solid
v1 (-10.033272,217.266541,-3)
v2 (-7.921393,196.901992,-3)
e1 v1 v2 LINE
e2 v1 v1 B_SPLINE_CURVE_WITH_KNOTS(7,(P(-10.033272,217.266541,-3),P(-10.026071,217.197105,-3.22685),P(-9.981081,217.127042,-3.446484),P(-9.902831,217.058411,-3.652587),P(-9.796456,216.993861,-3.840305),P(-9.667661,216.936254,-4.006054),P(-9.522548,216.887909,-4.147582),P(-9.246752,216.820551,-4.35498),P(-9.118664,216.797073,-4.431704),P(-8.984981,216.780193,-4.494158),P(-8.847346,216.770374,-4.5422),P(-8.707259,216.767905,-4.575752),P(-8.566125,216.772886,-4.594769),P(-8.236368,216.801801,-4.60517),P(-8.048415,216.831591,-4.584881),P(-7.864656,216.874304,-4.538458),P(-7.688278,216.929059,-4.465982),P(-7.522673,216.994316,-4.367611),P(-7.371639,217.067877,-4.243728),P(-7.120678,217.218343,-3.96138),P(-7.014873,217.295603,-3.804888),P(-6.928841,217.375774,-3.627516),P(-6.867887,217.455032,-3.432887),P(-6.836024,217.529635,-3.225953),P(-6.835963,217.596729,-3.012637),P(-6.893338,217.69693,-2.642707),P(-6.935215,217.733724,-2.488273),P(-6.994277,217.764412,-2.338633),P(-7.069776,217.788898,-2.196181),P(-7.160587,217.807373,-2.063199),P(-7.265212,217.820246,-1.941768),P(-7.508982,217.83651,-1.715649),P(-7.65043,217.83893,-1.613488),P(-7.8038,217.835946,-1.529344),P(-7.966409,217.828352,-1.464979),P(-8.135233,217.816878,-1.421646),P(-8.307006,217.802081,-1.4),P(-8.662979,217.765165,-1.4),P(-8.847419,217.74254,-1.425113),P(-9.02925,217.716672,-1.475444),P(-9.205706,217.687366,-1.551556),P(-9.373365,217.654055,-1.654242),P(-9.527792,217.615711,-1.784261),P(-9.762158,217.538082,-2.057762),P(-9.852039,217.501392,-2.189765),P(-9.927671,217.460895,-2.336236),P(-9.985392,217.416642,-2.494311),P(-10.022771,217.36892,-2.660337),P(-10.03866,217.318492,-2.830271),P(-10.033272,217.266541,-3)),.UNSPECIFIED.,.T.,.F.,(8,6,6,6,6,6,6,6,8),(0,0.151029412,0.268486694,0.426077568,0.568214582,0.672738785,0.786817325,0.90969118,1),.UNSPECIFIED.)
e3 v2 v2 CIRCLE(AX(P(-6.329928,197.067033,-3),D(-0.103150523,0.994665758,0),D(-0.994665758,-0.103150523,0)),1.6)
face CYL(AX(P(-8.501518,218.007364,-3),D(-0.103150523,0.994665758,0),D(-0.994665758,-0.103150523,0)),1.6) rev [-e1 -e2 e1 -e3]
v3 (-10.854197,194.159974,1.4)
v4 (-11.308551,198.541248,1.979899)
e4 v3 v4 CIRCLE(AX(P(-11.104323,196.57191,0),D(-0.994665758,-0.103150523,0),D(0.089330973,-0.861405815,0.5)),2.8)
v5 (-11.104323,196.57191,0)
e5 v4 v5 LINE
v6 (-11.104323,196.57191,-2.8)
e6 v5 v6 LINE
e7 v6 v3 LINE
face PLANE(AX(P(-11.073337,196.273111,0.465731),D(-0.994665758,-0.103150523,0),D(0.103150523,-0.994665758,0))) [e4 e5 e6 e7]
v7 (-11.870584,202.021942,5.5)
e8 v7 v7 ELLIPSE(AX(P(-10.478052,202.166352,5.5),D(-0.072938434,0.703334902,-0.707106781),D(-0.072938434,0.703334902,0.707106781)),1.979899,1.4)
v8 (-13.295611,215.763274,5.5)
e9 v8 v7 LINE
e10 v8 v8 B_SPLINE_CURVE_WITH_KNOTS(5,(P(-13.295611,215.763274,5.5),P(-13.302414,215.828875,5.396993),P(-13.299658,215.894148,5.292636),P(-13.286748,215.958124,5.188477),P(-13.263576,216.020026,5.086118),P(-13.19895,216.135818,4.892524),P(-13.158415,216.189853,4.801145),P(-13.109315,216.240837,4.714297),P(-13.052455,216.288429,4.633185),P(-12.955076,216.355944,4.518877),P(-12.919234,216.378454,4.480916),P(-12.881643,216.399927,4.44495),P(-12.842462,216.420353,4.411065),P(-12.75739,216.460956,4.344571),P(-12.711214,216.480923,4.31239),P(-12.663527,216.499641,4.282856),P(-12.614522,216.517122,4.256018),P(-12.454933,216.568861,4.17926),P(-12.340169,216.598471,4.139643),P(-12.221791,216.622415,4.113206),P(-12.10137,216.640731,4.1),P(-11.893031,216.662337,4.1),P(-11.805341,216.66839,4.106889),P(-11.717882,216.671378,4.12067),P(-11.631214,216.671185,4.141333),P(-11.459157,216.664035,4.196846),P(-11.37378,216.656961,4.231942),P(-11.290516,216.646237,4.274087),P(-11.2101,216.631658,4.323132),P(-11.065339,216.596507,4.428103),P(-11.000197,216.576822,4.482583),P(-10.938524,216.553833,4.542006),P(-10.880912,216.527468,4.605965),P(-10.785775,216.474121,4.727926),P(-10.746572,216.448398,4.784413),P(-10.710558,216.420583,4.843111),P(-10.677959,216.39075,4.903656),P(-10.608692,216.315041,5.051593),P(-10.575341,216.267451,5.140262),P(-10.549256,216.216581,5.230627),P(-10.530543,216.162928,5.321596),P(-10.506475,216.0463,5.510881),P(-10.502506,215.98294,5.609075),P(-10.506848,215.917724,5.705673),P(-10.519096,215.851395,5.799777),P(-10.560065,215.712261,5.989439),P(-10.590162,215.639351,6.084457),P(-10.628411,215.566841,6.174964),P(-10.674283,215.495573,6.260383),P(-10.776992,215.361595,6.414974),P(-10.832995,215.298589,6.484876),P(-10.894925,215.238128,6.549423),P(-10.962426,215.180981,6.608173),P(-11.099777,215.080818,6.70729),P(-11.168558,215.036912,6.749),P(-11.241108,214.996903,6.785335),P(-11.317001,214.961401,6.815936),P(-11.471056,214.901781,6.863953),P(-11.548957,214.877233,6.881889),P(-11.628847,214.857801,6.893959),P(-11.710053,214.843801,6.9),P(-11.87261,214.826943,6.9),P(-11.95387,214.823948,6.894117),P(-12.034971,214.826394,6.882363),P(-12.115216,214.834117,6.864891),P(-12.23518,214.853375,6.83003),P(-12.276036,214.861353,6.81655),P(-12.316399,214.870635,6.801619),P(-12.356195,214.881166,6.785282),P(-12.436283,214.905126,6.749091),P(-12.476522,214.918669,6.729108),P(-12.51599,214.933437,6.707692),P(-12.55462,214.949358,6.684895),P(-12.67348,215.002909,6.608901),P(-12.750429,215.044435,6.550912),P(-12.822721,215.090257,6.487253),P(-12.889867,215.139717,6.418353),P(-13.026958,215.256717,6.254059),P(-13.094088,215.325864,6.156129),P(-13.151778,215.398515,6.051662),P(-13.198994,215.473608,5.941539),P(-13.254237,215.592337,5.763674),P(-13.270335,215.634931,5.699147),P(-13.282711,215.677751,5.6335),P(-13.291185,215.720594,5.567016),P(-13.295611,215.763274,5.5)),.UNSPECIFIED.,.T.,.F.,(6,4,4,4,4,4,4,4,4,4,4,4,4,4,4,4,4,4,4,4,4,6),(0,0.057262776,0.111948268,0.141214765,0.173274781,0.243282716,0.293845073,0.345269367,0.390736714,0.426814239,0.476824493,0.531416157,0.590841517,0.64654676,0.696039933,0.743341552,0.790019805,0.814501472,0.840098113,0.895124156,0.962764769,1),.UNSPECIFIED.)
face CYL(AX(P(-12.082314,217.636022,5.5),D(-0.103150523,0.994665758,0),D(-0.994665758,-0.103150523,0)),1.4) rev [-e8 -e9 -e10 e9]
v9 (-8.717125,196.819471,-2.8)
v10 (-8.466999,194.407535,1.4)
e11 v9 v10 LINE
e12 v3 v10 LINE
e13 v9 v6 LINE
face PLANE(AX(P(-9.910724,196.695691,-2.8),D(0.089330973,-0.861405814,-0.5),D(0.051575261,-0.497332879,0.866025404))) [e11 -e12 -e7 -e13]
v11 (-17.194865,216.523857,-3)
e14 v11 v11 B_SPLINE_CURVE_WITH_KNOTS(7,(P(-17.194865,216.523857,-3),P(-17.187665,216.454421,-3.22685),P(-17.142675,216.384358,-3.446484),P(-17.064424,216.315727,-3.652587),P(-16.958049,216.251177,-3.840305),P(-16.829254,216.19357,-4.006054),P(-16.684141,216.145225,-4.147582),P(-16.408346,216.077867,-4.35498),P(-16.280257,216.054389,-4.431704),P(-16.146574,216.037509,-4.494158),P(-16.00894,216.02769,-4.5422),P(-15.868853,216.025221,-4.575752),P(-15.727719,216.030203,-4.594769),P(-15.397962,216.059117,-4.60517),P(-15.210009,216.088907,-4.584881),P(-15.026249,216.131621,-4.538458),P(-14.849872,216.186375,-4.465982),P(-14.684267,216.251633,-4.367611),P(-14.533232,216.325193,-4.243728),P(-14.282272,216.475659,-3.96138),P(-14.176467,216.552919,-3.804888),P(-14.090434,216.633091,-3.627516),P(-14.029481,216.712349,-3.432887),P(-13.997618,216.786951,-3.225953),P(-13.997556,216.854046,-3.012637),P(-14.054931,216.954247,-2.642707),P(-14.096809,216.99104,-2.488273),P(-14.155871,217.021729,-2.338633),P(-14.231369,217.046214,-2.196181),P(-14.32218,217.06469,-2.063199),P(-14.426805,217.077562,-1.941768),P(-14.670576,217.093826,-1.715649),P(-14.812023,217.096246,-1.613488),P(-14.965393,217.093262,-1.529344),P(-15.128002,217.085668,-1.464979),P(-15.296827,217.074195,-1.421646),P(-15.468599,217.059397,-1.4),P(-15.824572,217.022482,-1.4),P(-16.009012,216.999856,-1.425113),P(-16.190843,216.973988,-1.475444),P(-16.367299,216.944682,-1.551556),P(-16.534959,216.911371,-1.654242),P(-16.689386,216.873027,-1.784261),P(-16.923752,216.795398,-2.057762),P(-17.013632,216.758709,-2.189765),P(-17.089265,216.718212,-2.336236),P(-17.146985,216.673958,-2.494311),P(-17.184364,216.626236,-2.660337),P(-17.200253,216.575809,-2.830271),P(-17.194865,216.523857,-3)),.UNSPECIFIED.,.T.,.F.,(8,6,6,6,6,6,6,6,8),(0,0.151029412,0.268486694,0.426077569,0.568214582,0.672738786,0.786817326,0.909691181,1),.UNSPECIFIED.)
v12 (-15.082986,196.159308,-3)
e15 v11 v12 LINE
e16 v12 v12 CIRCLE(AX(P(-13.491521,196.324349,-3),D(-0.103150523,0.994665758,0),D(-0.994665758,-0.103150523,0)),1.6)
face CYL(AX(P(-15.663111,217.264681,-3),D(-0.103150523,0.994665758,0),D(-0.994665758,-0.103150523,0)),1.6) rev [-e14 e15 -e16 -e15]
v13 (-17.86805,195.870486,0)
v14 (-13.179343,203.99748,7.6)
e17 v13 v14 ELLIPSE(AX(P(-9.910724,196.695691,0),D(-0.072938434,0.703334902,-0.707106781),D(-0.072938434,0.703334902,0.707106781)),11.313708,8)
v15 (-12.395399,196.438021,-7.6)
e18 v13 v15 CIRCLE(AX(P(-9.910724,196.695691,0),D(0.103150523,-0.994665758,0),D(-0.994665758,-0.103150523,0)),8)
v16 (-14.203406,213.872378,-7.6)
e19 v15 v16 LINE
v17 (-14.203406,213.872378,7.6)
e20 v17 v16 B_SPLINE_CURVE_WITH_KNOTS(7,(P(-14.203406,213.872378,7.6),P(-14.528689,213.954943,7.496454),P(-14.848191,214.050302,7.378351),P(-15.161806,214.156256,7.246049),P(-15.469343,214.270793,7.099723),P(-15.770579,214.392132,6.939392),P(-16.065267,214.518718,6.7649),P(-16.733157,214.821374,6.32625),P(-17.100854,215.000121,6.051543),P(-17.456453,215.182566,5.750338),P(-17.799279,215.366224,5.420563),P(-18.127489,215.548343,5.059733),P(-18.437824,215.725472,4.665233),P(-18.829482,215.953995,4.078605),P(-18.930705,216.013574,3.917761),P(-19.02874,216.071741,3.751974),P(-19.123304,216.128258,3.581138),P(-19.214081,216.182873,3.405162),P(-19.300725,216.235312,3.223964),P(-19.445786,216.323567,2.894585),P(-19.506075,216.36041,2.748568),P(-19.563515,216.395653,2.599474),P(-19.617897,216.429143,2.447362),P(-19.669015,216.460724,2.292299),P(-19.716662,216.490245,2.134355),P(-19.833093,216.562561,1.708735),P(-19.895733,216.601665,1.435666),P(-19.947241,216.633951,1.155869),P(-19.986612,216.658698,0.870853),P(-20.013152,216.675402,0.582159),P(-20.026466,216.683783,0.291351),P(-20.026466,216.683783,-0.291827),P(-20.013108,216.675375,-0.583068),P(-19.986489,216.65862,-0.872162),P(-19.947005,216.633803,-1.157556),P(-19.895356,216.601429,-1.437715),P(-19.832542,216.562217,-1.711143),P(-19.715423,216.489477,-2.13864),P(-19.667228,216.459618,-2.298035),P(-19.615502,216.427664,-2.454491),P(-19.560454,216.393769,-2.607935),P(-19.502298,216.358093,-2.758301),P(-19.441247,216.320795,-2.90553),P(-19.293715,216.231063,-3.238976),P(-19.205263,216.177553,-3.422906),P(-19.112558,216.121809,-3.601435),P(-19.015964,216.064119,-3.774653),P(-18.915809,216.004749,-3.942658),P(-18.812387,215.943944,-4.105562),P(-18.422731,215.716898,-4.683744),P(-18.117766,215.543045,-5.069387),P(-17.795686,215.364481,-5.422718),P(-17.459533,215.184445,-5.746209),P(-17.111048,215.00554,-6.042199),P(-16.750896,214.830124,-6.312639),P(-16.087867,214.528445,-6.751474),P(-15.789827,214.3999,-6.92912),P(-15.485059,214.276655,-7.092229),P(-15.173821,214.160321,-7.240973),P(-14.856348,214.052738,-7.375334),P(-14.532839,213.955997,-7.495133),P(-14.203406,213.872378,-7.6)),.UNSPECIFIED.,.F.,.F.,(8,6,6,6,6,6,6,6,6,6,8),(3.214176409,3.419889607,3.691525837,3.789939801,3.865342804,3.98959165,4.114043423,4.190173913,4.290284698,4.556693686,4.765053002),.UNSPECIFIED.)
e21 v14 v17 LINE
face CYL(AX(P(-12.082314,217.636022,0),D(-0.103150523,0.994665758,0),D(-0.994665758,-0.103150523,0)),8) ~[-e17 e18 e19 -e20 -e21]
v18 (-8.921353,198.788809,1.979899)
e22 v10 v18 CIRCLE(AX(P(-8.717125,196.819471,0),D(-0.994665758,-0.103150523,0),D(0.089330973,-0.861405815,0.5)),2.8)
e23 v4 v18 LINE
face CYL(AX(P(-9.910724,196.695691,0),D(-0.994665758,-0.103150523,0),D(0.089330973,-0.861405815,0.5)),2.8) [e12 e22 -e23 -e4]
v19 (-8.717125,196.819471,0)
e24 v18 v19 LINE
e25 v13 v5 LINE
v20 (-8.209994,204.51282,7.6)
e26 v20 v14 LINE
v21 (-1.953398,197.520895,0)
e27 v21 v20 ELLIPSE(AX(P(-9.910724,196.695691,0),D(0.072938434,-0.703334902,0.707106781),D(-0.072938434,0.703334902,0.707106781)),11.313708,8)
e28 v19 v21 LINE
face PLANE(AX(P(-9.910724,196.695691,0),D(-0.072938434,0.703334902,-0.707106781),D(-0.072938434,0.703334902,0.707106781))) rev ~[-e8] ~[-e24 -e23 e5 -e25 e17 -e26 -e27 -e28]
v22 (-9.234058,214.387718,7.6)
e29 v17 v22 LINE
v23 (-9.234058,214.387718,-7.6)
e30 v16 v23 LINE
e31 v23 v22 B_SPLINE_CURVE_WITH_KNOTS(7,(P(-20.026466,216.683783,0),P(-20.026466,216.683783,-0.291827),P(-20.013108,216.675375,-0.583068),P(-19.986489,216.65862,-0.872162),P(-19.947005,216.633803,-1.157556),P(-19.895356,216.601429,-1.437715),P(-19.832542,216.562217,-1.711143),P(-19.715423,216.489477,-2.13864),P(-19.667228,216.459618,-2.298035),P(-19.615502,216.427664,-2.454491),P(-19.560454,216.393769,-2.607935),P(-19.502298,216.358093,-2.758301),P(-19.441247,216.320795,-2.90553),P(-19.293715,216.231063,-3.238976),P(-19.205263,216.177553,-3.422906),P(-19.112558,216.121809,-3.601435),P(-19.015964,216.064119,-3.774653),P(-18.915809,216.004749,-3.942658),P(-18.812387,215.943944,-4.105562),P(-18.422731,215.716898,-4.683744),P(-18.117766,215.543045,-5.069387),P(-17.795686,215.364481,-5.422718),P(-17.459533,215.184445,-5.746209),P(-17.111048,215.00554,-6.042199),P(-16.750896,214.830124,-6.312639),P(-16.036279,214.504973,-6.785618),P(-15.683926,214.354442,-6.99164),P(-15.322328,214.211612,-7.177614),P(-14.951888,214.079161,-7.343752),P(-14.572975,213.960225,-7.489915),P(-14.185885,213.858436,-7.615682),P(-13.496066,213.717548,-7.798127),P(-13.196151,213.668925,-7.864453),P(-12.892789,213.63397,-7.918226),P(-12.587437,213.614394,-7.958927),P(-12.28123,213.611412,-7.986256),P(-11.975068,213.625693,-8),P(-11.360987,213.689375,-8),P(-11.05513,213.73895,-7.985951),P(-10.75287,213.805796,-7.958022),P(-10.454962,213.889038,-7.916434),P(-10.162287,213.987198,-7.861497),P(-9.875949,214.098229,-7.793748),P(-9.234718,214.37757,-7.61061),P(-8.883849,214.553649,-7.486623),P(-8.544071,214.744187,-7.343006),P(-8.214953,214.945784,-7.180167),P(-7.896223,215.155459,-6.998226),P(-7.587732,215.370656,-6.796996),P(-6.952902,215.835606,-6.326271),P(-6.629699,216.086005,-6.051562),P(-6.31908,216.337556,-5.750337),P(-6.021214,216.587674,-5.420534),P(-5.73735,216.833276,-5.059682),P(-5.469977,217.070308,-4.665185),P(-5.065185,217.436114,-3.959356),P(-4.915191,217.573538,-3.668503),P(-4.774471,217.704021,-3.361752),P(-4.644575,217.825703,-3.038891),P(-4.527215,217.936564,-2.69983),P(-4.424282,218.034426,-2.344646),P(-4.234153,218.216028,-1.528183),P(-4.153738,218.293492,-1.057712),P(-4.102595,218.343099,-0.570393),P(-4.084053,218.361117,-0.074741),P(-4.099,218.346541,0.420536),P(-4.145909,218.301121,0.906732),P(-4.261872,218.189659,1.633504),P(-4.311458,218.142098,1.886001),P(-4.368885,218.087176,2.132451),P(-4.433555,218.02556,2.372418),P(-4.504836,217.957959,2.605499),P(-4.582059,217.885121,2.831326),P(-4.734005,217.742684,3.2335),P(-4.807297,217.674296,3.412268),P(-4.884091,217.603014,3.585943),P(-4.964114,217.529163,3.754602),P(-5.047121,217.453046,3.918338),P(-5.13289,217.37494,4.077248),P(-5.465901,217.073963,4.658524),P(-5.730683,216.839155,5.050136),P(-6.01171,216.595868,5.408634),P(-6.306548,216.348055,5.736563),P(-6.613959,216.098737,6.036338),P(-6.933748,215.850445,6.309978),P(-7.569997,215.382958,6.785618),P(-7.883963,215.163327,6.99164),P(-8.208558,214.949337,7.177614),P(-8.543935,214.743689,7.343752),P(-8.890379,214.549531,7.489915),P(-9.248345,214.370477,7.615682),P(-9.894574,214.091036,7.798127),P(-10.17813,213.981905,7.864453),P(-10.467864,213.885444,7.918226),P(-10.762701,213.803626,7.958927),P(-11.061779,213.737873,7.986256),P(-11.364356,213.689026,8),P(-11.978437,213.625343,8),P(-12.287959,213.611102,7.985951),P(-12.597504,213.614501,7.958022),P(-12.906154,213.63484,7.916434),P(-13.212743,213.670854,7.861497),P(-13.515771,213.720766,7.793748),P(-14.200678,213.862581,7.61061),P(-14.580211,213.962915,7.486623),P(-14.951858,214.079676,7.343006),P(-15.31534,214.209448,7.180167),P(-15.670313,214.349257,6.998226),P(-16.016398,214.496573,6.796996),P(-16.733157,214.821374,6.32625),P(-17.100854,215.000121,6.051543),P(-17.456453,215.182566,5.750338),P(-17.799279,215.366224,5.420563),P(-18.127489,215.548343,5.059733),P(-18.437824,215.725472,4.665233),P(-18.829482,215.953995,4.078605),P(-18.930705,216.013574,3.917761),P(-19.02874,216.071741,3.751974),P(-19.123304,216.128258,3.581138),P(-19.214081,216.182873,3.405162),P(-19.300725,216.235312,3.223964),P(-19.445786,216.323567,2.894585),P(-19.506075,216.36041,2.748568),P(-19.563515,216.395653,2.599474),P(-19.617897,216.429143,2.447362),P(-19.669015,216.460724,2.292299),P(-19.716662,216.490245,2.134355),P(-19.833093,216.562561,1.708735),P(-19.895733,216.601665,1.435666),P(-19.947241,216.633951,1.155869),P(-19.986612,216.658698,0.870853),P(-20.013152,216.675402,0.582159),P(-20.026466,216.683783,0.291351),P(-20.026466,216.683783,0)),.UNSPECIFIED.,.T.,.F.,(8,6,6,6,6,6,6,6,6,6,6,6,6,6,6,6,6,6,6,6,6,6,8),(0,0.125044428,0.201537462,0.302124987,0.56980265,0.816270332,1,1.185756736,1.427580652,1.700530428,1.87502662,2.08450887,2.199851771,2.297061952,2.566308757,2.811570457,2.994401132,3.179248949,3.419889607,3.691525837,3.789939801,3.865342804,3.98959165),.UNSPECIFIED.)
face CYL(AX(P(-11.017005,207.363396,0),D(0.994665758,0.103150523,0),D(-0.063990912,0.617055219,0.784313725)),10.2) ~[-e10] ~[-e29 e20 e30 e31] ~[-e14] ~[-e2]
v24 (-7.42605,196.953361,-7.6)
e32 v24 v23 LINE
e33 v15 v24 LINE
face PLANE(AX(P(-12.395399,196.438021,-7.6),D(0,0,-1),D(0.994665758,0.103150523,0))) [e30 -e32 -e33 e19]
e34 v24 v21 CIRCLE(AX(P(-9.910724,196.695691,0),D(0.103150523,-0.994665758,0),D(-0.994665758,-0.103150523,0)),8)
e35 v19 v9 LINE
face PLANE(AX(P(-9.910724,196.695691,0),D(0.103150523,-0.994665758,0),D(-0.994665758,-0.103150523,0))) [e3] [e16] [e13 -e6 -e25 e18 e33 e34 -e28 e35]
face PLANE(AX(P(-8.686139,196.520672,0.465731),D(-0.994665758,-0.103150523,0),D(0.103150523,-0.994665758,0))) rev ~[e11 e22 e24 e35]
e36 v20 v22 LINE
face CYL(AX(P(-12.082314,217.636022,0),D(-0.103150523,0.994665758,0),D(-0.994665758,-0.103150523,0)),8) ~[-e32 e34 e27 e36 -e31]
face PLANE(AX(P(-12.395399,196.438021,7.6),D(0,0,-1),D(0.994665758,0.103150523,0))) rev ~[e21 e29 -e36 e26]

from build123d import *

# Parameters (mm, degrees)
SKETCH3_R               = 8
BOSS_EXTRUDE1_DEPTH     = 21.052631579
CUT_EXTRUDE1_DEPTH      = 11.160006171
CUT_EXTRUDE1_DEPTH_BACK = 11.160006171
CUT_EXTRUDE2_DEPTH      = 11.146902499
CUT_EXTRUDE2_DEPTH_BACK = 11.1469025
BOSS_EXTRUDE3_DEPTH     = 1.2
SKETCH8_R               = 1.6
SKETCH8_R_2             = 1.4
CUT_EXTRUDE3_DEPTH      = 25.395624714
CUT_EXTRUDE3_DEPTH_BACK = 2.513887999
CUT_EXTRUDE4_DEPTH      = 23.566519578


with BuildPart() as part:
    # Sketch3 → Boss-Extrude1 (new body)
    with BuildSketch(Plane(origin=(-12.082314344, 217.636022384, 0), x_dir=(-0.994665758, -0.103150523, 0), z_dir=(0.103150523, -0.994665758, 0))):
        Circle(SKETCH3_R)
    extrude(amount=BOSS_EXTRUDE1_DEPTH)

    # Sketch4 → Cut-Extrude1 (cut, two sides)
    with BuildSketch(Plane(origin=(10.375761543, 1.076004901, 0), x_dir=(0.103150523, -0.994665758, 0), z_dir=(-0.994665758, -0.103150523, 0))) as cut_extrude1_sk:
        with BuildLine():
            Line((-217.721396158, 8), (-213.721396158, 8))
            ThreePointArc((-213.721396158, 8), (-217.59367935, 0), (-213.721396158, -8))
            Line((-213.721396158, -8), (-217.721396158, -8))
            Line((-217.721396158, -8), (-217.721396158, 8))
        make_face()
    extrude(amount=CUT_EXTRUDE1_DEPTH, mode=Mode.SUBTRACT)
    extrude(cut_extrude1_sk.sketch, amount=-CUT_EXTRUDE1_DEPTH_BACK, mode=Mode.SUBTRACT)

    # Sketch5 → Cut-Extrude2 (cut, two sides)
    with BuildSketch(Plane(origin=(10.375761543, 1.076004901, 0), x_dir=(0.103150523, -0.994665758, 0), z_dir=(-0.994665758, -0.103150523, 0))) as cut_extrude2_sk:
        Polygon((-196.668764579, 0), (-204.668764579, 8), (-196.668764579, 8), align=None)
    extrude(amount=CUT_EXTRUDE2_DEPTH, mode=Mode.SUBTRACT)
    extrude(cut_extrude2_sk.sketch, amount=-CUT_EXTRUDE2_DEPTH_BACK, mode=Mode.SUBTRACT)

    # Sketch7 → Boss-Extrude3 (add, symmetric)
    with BuildSketch(Plane(origin=(10.375761543, 1.076004901, 0), x_dir=(0.103150523, -0.994665758, 0), z_dir=(-0.994665758, -0.103150523, 0))):
        with BuildLine():
            Line((-198.648663566, 1.979898987), (-196.668764579, 0))
            Line((-196.668764579, 0), (-196.668764579, -2.8))
            Line((-196.668764579, -2.8), (-194.243893448, 1.4))
            ThreePointArc((-194.243893448, 1.4), (-196.303291241, 2.776045612), (-198.648663566, 1.979898987))
        make_face()
    extrude(amount=BOSS_EXTRUDE3_DEPTH, both=True)

    # Sketch8 → Cut-Extrude3 (cut, two sides)
    with BuildSketch(Plane(origin=(-12.082314344, 217.636022384, 0), x_dir=(-0.994665758, -0.103150523, 0), z_dir=(0.103150523, -0.994665758, 0))) as cut_extrude3_sk:
        with Locations((-3.6, 3)):
            Circle(SKETCH8_R)
        with Locations((3.6, 3)):
            Circle(SKETCH8_R)
        with Locations((0, -5.5)):
            Circle(SKETCH8_R_2)
    extrude(amount=CUT_EXTRUDE3_DEPTH, mode=Mode.SUBTRACT)
    extrude(cut_extrude3_sk.sketch, amount=-CUT_EXTRUDE3_DEPTH_BACK, mode=Mode.SUBTRACT)

    # Sketch9 → Cut-Extrude4 (cut, through all)
    with BuildSketch(Plane(origin=(-20.286485929, 195.619685742, 0), x_dir=(0.994665758, 0.103150523, 0), z_dir=(0.103150523, -0.994665758, 0))):
        with BuildLine():
            Line((7.933405986, -7.6), (12.929404385, -7.6))
            ThreePointArc((12.929404385, -7.6), (10.431405186, -8), (7.933405986, -7.6))
        make_face()
        with BuildLine():
            Line((7.933405986, 7.6), (12.929404385, 7.6))
            ThreePointArc((12.929404385, 7.6), (10.431405186, 8), (7.933405986, 7.6))
        make_face()
    extrude(amount=-CUT_EXTRUDE4_DEPTH, mode=Mode.SUBTRACT)


solid = part.part
